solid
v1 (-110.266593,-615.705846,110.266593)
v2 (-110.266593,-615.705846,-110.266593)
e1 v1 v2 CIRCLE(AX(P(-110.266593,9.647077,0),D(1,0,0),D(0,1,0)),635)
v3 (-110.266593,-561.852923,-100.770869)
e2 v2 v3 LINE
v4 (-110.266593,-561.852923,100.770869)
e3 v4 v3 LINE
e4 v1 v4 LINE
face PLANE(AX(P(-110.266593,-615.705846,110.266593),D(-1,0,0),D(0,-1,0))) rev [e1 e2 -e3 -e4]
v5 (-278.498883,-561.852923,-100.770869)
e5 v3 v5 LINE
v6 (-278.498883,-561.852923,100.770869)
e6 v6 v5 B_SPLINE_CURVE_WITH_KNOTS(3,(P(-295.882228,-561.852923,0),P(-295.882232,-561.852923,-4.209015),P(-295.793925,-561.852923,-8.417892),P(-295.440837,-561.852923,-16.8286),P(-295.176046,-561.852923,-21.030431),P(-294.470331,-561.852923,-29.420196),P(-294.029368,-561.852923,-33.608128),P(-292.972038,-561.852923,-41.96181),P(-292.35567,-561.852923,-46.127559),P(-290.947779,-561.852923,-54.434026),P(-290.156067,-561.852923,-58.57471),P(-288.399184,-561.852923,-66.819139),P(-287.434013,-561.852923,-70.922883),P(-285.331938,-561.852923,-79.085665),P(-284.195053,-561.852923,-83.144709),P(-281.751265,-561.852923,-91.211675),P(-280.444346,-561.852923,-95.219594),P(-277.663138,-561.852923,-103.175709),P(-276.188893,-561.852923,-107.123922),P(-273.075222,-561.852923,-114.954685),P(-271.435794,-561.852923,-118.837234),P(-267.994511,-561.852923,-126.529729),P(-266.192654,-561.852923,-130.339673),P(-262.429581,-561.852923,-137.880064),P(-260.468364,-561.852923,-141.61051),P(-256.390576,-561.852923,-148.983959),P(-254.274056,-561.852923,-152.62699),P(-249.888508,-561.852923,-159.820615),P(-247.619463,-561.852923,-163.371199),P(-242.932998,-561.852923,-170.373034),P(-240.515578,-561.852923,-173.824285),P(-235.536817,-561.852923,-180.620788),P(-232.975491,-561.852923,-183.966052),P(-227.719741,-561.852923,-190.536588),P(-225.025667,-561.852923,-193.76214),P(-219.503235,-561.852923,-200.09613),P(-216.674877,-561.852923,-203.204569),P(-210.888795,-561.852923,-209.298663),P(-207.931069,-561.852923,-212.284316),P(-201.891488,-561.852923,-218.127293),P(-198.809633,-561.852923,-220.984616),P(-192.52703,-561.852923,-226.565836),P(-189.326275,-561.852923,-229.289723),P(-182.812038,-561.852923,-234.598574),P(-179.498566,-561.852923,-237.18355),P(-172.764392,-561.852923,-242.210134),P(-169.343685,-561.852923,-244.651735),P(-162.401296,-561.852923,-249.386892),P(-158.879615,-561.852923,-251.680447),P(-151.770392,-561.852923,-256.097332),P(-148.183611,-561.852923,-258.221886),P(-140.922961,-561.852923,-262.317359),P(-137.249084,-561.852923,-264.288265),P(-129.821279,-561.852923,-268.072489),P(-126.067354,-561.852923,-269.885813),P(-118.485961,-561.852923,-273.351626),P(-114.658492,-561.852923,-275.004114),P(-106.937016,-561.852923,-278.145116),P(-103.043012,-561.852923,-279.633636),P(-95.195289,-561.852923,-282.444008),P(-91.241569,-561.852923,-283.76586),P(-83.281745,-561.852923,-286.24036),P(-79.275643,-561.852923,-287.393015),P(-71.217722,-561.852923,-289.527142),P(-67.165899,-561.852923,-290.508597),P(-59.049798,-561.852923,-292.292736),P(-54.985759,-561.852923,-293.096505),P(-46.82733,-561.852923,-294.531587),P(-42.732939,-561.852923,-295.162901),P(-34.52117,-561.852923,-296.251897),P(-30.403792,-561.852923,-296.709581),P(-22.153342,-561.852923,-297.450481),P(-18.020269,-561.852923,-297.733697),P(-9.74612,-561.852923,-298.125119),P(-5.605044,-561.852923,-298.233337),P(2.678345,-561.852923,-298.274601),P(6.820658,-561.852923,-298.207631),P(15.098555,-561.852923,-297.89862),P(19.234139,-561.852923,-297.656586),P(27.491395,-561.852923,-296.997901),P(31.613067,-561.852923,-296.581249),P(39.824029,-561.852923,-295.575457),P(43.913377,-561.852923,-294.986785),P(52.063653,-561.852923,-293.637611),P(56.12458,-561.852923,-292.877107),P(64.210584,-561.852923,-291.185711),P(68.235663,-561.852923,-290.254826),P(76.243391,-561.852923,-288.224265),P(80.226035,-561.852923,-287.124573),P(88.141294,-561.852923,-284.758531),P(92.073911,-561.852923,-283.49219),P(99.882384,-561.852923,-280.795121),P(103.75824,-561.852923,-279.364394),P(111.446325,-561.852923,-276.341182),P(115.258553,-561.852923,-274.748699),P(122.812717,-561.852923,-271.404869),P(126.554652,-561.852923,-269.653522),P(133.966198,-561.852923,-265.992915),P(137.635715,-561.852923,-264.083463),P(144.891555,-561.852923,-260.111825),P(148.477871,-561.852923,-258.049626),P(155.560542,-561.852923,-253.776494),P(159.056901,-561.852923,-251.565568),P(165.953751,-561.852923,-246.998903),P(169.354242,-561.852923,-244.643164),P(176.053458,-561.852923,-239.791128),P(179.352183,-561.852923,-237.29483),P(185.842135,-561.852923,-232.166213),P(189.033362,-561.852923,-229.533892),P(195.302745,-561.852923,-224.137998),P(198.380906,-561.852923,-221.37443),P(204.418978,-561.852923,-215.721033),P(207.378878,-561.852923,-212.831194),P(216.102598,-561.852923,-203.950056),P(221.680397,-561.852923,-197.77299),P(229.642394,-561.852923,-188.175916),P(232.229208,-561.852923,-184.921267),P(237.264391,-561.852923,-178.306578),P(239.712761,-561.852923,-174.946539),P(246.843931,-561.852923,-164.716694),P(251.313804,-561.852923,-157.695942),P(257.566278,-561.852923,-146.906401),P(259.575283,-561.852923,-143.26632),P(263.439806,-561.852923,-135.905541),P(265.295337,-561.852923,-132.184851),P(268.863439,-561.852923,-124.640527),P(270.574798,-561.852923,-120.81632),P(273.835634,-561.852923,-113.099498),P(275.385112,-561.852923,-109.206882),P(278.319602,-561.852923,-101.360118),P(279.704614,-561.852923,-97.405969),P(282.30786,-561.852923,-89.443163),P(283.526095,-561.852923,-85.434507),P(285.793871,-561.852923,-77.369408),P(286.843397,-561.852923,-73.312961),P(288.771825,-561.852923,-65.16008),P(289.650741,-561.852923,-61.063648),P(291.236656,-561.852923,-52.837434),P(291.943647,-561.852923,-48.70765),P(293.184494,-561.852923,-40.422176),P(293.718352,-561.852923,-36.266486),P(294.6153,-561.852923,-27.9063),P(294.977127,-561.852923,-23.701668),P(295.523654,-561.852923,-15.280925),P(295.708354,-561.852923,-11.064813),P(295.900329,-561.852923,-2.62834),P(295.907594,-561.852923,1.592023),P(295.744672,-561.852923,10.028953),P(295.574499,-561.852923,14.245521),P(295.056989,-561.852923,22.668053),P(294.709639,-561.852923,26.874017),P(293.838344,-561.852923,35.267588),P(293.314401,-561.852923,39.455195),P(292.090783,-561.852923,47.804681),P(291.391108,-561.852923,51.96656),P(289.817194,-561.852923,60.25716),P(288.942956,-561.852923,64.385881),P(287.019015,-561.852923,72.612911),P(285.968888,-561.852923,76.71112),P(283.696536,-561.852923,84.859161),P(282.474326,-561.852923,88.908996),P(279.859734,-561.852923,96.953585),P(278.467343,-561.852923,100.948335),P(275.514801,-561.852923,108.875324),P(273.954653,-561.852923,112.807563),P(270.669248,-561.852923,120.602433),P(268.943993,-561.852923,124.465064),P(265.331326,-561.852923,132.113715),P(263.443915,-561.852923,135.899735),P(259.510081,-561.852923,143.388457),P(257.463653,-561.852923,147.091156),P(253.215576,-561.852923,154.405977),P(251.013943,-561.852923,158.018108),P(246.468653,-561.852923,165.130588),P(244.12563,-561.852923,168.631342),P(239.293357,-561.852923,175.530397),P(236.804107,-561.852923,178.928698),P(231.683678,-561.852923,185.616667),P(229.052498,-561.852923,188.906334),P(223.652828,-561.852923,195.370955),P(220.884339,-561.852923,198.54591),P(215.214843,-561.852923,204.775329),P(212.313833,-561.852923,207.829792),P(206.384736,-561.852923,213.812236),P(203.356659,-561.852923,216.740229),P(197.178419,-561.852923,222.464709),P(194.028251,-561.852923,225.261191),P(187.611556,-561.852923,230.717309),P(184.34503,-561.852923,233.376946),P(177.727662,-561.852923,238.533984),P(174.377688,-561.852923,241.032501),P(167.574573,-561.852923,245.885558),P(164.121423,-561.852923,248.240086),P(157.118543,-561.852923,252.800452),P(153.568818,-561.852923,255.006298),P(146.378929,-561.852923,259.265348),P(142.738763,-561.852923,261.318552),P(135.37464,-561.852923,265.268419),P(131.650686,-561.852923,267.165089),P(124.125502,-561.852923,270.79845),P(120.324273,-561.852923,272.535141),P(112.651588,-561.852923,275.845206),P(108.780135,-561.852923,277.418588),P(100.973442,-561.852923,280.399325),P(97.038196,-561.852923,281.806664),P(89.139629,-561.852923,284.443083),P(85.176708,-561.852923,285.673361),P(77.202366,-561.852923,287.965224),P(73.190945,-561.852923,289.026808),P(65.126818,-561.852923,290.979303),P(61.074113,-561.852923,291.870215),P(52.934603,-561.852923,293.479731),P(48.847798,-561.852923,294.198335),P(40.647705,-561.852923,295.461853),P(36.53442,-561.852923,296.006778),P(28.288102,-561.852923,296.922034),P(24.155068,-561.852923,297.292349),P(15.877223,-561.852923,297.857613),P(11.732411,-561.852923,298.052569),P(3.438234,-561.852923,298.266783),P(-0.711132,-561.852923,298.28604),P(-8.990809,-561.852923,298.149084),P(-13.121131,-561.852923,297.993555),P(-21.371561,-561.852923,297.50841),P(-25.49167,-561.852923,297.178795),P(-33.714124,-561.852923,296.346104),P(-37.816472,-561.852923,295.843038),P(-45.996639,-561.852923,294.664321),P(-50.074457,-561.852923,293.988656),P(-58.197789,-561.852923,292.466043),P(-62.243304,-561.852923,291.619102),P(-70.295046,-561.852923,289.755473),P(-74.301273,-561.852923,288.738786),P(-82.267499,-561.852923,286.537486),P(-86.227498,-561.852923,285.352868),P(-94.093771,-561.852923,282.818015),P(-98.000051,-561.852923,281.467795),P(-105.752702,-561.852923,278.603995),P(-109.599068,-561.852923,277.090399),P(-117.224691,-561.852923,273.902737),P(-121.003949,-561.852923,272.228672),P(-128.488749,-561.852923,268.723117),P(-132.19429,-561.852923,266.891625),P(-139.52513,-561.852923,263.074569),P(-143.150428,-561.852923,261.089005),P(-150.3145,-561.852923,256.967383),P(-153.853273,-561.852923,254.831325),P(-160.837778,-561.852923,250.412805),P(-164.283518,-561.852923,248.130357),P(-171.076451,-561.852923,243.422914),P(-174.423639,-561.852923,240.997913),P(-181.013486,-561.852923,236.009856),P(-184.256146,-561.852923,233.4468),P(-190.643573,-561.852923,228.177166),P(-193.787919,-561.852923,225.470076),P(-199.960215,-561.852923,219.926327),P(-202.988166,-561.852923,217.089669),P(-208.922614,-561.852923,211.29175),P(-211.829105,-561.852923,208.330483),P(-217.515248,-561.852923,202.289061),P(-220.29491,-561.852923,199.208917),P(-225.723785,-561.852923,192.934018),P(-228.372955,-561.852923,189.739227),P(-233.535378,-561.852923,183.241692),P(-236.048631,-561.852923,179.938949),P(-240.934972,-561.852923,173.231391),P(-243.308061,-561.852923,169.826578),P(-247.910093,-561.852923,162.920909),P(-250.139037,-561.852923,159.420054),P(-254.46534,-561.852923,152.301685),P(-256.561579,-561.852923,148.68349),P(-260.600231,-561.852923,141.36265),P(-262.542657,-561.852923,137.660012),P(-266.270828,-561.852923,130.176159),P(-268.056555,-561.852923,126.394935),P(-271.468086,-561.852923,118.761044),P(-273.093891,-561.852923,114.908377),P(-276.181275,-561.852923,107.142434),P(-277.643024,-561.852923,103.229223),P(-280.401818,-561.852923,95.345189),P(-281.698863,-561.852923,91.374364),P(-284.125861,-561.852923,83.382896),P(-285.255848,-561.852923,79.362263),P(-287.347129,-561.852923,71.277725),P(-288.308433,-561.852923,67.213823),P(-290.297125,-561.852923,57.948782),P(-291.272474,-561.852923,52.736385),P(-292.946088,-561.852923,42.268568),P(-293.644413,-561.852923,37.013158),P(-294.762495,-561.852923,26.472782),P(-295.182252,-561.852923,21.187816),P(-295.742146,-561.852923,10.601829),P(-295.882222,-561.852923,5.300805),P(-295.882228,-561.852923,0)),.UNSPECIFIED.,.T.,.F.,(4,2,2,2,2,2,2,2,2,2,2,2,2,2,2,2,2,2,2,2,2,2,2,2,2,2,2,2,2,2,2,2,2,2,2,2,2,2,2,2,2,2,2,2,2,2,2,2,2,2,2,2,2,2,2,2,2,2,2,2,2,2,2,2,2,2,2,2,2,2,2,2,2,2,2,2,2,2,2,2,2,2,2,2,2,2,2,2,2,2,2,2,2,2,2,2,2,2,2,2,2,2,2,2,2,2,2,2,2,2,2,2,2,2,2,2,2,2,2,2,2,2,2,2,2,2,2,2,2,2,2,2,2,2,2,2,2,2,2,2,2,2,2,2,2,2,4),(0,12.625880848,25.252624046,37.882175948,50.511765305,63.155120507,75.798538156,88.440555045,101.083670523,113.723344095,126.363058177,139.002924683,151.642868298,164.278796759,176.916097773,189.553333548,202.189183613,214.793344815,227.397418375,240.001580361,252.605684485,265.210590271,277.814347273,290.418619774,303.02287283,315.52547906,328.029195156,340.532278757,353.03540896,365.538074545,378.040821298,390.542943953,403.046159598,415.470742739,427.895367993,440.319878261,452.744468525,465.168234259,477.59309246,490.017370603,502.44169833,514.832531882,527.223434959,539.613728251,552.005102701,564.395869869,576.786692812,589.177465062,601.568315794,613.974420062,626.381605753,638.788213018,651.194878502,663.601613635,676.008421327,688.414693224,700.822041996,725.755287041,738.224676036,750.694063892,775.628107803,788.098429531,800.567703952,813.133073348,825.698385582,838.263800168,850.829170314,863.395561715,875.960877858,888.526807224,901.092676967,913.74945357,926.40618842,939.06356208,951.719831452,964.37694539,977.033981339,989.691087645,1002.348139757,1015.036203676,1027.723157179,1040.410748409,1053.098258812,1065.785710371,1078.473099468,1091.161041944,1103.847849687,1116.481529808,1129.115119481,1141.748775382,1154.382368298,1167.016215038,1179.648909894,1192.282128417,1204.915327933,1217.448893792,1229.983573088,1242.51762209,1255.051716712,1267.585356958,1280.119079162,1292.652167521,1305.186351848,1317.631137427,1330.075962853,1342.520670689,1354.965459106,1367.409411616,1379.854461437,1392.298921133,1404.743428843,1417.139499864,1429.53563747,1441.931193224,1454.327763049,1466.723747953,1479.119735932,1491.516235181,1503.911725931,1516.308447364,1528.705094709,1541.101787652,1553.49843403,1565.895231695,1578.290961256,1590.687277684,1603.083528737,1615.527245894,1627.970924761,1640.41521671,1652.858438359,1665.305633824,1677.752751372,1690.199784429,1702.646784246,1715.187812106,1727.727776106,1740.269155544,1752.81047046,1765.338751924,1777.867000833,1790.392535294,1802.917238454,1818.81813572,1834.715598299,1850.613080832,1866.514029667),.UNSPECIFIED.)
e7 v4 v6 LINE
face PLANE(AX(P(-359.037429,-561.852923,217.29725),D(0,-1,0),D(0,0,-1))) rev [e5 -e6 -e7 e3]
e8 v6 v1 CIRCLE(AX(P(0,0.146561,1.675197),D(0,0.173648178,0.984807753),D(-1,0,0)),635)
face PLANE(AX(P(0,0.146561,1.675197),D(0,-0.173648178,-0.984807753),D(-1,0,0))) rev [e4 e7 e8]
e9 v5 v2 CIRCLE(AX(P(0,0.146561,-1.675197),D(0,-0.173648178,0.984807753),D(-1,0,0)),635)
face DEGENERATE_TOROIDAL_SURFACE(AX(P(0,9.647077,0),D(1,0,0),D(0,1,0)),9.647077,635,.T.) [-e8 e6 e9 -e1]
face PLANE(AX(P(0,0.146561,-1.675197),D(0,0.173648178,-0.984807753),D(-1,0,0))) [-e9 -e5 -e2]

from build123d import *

# Parameters (mm, degrees)
REVOLVE1_ANGLE     = 20
SKETCH2_W          = 412.295717077
SKETCH2_H          = 77.070568273
CUT_EXTRUDE1_DEPTH = 249.770836259


with BuildPart() as part:
    # Sketch1 → Revolve1 (revolve, symmetric)
    with BuildSketch(Plane.XY) as revolve1_sk:
        with BuildLine():
            Line((-110.266592819, -625.352923163), (-110.266592819, -523.752923163))
            Line((-110.266592819, -523.752923163), (-359.037429077, -523.752923163))
            ThreePointArc((-359.037429077, -523.752923163), (-240.087913569, -587.86290388), (-110.266592819, -625.352923163))
        make_face()
    revolve(axis=Axis((22.053318564, 9.647076837, 0), (-1, 0, 0)), revolution_arc=REVOLVE1_ANGLE / 2)
    revolve(revolve1_sk.sketch, axis=Axis((22.053318564, 9.647076837, 0), (1, 0, 0)), revolution_arc=REVOLVE1_ANGLE / 2)

    # Sketch2 → Cut-Extrude1 (cut, through all)
    with BuildSketch(Plane(origin=(-110.266592819, 0, 0), x_dir=(0, 0, -1), z_dir=(1, 0, 0))):
        with Locations((-11.149391639, -523.317639027)):
            Rectangle(SKETCH2_W, SKETCH2_H)
    extrude(amount=-CUT_EXTRUDE1_DEPTH, mode=Mode.SUBTRACT)


solid = part.part
